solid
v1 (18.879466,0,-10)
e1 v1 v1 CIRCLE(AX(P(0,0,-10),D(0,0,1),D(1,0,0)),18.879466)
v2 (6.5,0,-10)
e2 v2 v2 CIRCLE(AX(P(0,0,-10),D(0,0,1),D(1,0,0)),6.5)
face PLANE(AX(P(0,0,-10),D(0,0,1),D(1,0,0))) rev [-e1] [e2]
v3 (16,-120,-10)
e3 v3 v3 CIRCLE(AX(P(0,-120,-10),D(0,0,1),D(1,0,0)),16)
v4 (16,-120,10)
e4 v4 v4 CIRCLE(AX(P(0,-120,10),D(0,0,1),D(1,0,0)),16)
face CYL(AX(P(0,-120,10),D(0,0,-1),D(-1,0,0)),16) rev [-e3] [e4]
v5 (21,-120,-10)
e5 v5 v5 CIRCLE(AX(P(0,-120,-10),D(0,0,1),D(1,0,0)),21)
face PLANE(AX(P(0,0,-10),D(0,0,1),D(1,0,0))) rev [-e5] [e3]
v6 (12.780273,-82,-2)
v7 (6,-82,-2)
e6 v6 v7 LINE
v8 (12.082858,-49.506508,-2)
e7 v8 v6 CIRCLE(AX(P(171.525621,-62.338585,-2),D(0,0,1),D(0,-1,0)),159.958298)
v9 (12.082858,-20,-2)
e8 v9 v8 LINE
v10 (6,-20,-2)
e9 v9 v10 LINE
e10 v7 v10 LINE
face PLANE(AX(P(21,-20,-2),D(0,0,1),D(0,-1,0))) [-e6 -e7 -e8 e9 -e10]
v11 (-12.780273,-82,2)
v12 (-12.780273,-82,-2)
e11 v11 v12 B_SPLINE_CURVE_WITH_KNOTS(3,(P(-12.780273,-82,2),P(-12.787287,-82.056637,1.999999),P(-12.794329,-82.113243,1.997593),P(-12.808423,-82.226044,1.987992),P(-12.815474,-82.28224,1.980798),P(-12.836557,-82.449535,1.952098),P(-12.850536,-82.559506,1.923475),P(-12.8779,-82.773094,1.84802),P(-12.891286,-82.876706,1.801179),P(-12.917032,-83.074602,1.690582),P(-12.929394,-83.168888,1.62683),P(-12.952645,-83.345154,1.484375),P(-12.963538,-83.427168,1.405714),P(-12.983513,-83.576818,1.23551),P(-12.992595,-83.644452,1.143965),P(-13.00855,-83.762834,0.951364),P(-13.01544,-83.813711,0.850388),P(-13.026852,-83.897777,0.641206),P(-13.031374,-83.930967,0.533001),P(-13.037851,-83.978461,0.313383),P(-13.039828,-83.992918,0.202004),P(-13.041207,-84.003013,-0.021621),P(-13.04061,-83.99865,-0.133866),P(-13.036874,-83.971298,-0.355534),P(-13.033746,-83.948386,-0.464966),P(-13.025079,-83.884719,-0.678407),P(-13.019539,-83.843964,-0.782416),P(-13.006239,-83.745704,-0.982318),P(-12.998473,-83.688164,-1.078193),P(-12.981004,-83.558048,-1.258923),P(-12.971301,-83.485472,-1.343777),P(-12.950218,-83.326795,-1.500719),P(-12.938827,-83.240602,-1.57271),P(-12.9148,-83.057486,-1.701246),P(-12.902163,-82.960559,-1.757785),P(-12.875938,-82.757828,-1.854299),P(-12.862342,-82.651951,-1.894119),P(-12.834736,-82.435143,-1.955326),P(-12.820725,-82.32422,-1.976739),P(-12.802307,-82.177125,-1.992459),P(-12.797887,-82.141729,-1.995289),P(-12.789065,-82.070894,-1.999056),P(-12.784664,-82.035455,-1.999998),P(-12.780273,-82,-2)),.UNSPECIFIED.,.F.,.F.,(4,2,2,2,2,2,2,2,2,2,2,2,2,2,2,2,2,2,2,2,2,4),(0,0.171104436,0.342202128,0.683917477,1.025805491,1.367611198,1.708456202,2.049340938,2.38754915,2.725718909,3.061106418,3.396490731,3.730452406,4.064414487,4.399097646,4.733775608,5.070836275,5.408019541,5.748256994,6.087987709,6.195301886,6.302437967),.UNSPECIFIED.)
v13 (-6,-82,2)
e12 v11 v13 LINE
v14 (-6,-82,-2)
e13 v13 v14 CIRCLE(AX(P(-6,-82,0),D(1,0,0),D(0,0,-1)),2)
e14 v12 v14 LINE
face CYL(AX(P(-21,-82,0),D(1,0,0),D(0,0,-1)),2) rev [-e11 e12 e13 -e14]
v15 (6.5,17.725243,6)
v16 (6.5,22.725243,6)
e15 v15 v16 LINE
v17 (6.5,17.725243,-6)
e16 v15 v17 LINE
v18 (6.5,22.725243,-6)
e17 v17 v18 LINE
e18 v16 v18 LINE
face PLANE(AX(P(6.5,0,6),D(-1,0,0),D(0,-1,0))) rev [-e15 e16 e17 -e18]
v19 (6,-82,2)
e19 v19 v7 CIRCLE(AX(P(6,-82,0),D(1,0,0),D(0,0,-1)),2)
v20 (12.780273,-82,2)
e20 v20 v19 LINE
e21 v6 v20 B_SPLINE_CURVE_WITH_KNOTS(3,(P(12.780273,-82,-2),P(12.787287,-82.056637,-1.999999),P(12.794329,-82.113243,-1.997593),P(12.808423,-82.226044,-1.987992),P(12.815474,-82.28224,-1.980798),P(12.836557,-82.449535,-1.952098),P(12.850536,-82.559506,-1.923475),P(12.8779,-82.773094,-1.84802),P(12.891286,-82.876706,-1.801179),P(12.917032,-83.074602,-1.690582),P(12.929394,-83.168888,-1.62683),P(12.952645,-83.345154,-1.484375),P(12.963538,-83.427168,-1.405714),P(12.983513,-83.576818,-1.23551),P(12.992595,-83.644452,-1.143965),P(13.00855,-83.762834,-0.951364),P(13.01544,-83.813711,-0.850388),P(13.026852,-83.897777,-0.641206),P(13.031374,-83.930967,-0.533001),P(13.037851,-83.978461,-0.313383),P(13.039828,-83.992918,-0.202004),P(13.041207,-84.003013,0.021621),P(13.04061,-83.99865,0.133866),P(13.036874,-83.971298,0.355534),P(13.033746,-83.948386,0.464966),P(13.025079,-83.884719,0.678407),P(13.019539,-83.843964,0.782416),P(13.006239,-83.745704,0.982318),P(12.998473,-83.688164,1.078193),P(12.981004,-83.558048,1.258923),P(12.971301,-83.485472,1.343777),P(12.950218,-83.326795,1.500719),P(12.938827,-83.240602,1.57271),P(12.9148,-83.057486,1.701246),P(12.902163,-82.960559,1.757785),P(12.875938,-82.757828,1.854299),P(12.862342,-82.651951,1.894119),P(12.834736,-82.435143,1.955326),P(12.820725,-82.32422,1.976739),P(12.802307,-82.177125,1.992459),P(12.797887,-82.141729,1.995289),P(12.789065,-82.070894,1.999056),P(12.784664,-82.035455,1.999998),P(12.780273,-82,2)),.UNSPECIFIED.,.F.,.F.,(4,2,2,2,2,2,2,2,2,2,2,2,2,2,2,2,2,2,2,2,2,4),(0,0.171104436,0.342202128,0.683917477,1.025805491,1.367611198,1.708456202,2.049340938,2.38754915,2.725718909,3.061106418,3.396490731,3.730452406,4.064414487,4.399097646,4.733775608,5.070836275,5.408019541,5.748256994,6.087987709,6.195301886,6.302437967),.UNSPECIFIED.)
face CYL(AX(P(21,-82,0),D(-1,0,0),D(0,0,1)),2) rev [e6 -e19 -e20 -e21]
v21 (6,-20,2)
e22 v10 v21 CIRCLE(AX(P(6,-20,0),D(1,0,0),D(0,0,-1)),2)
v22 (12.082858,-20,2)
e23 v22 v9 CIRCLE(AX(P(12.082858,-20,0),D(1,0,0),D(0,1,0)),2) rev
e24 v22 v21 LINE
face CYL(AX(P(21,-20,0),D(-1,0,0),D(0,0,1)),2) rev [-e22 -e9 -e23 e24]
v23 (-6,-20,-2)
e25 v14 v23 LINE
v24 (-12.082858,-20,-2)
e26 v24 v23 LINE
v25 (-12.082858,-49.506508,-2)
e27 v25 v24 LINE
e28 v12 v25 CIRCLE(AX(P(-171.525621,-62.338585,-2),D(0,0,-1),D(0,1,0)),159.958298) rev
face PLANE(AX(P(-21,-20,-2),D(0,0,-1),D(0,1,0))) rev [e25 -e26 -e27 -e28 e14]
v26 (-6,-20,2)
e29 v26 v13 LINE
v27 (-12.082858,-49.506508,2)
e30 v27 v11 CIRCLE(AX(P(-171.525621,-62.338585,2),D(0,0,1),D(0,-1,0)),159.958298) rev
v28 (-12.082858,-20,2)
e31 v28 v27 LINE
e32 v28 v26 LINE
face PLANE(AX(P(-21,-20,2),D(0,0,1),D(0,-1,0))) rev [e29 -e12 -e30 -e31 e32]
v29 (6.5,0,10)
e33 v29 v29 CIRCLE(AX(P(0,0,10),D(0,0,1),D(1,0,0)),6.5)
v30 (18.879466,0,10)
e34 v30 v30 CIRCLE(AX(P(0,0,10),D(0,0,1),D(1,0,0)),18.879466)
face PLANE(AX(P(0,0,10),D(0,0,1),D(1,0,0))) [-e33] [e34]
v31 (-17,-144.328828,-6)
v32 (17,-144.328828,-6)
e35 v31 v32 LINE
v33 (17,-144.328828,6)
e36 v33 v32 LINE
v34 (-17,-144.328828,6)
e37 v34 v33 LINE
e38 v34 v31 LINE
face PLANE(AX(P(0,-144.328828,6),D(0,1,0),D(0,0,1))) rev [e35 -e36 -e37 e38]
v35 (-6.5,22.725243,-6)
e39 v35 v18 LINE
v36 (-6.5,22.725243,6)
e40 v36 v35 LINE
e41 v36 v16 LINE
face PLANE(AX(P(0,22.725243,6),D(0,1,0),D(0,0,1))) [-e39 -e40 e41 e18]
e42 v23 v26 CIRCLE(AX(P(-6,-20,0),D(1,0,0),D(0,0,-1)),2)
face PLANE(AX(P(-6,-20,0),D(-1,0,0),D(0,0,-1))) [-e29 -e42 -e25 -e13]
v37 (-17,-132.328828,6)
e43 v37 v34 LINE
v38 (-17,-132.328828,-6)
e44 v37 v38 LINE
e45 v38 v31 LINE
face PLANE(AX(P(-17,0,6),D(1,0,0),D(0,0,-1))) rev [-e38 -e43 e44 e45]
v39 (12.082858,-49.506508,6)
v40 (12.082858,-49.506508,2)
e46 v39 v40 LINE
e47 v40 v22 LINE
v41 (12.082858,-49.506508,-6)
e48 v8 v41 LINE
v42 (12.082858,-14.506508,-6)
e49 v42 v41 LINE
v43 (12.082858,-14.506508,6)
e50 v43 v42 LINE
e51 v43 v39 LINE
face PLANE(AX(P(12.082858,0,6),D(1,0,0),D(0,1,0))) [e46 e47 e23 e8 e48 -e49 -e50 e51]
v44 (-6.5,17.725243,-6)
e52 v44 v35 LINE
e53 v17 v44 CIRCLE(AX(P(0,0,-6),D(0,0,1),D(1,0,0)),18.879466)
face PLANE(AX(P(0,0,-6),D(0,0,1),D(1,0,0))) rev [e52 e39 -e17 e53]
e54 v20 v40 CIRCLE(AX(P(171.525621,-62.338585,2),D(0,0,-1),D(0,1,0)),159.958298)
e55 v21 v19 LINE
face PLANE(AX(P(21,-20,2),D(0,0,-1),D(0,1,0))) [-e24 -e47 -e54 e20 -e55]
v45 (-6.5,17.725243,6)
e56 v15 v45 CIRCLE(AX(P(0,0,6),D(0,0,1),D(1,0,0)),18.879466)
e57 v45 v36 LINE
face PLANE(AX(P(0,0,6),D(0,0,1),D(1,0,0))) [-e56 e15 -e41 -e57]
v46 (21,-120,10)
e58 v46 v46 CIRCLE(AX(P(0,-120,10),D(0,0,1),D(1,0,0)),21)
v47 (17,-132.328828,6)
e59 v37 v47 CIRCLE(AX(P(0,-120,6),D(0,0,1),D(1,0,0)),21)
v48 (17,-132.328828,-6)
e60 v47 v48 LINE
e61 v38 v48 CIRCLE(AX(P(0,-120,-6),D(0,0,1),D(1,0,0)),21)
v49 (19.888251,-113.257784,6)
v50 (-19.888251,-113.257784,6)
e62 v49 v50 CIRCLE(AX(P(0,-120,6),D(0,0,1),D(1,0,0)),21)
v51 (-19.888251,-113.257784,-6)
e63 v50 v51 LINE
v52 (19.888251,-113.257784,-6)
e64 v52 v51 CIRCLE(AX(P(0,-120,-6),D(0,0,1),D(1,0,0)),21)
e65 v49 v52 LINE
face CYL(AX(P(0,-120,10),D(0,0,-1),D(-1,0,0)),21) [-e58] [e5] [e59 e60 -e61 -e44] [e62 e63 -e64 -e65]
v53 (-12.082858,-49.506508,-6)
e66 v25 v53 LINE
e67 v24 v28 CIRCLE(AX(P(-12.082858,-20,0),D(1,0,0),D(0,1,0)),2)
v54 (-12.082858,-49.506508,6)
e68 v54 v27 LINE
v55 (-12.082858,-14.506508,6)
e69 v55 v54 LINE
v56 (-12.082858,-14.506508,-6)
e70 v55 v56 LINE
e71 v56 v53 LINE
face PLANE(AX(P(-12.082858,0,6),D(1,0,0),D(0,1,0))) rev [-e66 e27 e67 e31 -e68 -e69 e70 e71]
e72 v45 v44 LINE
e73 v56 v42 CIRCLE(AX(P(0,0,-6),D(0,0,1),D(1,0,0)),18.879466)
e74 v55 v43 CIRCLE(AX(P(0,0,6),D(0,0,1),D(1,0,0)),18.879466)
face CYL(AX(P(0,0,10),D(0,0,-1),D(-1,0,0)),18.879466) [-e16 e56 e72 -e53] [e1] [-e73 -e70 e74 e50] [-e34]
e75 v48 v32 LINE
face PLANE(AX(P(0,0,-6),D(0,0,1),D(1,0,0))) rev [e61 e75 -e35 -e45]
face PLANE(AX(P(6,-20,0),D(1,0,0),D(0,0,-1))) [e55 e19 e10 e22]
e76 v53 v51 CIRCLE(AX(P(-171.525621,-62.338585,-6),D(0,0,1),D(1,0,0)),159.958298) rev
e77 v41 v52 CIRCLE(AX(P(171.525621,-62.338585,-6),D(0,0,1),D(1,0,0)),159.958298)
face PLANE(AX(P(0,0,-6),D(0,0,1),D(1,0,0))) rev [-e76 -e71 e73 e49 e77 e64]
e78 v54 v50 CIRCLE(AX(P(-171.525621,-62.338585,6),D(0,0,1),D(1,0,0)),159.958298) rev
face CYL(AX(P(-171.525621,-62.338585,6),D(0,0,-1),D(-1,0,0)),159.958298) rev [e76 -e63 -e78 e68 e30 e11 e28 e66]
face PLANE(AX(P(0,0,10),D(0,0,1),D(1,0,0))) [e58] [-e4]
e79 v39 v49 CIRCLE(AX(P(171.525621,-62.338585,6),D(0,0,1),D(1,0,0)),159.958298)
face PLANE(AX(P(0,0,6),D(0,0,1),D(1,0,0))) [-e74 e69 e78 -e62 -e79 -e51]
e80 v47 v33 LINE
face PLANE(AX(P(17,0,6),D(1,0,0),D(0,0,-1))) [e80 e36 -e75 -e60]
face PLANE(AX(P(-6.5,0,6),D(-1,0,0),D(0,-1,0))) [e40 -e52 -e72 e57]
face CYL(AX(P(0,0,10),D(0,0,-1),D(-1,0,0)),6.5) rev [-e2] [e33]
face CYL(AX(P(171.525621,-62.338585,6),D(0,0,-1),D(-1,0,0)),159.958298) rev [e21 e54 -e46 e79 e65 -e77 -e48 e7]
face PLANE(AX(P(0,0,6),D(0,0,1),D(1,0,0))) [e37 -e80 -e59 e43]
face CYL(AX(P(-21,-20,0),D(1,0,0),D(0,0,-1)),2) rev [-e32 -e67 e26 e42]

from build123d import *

# Parameters (mm, degrees)
IZIM2_R                       = 18.879465786
IZIM2_R_2                     = 6.5
Y_KSEKLIK_EKSTR_ZYON1_DEPTH   = 10
IZIM2_R_3                     = 21
IZIM2_R_4                     = 16
Y_KSEKLIK_EKSTR_ZYON1_2_DEPTH = 10
Y_KSEKLIK_EKSTR_ZYON3_DEPTH   = 6
Y_KSEKLIK_EKSTR_ZYON4_DEPTH   = 6
KES_EKSTR_ZYON1_START         = 6
KES_EKSTR_ZYON1_DEPTH         = 16


with BuildPart() as part:
    # Çizim2 → Yükseklik-Ekstrüzyon1 (new body, symmetric)
    with BuildSketch(Plane.XY):
        Circle(IZIM2_R)
        Circle(IZIM2_R_2, mode=Mode.SUBTRACT)
    extrude(amount=Y_KSEKLIK_EKSTR_ZYON1_DEPTH, both=True)



with BuildPart() as body_2:
    # Çizim2 → Y_kseklik-Ekstr_zyon1 2 (new body, symmetric)
    with BuildSketch(Plane.XY):
        with Locations((0, -120)):
            Circle(IZIM2_R_3)
        with Locations((0, -120)):
            Circle(IZIM2_R_4, mode=Mode.SUBTRACT)
    extrude(amount=Y_KSEKLIK_EKSTR_ZYON1_2_DEPTH, both=True)


with BuildPart() as part_1:
    add(part.part)

    add(body_2.part)  # Yükseklik-Ekstrüzyon3 merges body 2
    # Çizim2<8> → Yükseklik-Ekstrüzyon3 (add, symmetric)
    with BuildSketch(Plane.XY):
        with BuildLine():
            ThreePointArc((12.082858103, -14.506507796), (0, -18.879465786), (-12.082858103, -14.506507796))
            Line((-12.082858103, -14.506507796), (-12.082858103, -49.506507796))
            ThreePointArc((-12.082858103, -49.506507796), (-12.752926263, -81.777932893), (-19.888250818, -113.257783792))
            ThreePointArc((-19.888250818, -113.257783792), (0, -99), (19.888250818, -113.257783792))
            ThreePointArc((19.888250818, -113.257783792), (12.752926263, -81.777932893), (12.082858103, -49.506507796))
            Line((12.082858103, -49.506507796), (12.082858103, -14.506507796))
        make_face()
    extrude(amount=Y_KSEKLIK_EKSTR_ZYON3_DEPTH, both=True)

    # Çizim2<9> → Yükseklik-Ekstrüzyon4 (add, symmetric)
    with BuildSketch(Plane.XY):
        with BuildLine():
            Line((-6.5, 22.725242689), (-6.5, 17.725242689))
            ThreePointArc((-6.5, 17.725242689), (0, 18.879465786), (6.5, 17.725242689))
            Line((6.5, 17.725242689), (6.5, 22.725242689))
            Line((6.5, 22.725242689), (-6.5, 22.725242689))
        make_face()
        with BuildLine():
            ThreePointArc((17, -132.328828006), (0, -141), (-17, -132.328828006))
            Line((-17, -132.328828006), (-17, -144.328828006))
            Line((-17, -144.328828006), (17, -144.328828006))
            Line((17, -144.328828006), (17, -132.328828006))
        make_face()
    extrude(amount=Y_KSEKLIK_EKSTR_ZYON4_DEPTH, both=True)

    # Çizim4 → Kes-Ekstrüzyon1 (cut, through all)
    with BuildSketch(Plane(origin=(0, 0, 0), x_dir=(0, 0, -1), z_dir=(1, 0, 0)).offset(KES_EKSTR_ZYON1_START)):
        with BuildLine():
            Line((2, -20), (2, -82))
            ThreePointArc((2, -82), (0, -84), (-2, -82))
            Line((-2, -82), (-2, -20))
            ThreePointArc((-2, -20), (0, -18), (2, -20))
        make_face()
    kes_ekstr_zyon1 = extrude(amount=KES_EKSTR_ZYON1_DEPTH, mode=Mode.SUBTRACT)

    # Aynalama1: Kes-Ekstrüzyon1 across plane
    add(kes_ekstr_zyon1.mirror(Plane(origin=(0, 0, 0), x_dir=(0, 0, 1), z_dir=(1, 0, 0))), mode=Mode.SUBTRACT)


solid = part_1.part
